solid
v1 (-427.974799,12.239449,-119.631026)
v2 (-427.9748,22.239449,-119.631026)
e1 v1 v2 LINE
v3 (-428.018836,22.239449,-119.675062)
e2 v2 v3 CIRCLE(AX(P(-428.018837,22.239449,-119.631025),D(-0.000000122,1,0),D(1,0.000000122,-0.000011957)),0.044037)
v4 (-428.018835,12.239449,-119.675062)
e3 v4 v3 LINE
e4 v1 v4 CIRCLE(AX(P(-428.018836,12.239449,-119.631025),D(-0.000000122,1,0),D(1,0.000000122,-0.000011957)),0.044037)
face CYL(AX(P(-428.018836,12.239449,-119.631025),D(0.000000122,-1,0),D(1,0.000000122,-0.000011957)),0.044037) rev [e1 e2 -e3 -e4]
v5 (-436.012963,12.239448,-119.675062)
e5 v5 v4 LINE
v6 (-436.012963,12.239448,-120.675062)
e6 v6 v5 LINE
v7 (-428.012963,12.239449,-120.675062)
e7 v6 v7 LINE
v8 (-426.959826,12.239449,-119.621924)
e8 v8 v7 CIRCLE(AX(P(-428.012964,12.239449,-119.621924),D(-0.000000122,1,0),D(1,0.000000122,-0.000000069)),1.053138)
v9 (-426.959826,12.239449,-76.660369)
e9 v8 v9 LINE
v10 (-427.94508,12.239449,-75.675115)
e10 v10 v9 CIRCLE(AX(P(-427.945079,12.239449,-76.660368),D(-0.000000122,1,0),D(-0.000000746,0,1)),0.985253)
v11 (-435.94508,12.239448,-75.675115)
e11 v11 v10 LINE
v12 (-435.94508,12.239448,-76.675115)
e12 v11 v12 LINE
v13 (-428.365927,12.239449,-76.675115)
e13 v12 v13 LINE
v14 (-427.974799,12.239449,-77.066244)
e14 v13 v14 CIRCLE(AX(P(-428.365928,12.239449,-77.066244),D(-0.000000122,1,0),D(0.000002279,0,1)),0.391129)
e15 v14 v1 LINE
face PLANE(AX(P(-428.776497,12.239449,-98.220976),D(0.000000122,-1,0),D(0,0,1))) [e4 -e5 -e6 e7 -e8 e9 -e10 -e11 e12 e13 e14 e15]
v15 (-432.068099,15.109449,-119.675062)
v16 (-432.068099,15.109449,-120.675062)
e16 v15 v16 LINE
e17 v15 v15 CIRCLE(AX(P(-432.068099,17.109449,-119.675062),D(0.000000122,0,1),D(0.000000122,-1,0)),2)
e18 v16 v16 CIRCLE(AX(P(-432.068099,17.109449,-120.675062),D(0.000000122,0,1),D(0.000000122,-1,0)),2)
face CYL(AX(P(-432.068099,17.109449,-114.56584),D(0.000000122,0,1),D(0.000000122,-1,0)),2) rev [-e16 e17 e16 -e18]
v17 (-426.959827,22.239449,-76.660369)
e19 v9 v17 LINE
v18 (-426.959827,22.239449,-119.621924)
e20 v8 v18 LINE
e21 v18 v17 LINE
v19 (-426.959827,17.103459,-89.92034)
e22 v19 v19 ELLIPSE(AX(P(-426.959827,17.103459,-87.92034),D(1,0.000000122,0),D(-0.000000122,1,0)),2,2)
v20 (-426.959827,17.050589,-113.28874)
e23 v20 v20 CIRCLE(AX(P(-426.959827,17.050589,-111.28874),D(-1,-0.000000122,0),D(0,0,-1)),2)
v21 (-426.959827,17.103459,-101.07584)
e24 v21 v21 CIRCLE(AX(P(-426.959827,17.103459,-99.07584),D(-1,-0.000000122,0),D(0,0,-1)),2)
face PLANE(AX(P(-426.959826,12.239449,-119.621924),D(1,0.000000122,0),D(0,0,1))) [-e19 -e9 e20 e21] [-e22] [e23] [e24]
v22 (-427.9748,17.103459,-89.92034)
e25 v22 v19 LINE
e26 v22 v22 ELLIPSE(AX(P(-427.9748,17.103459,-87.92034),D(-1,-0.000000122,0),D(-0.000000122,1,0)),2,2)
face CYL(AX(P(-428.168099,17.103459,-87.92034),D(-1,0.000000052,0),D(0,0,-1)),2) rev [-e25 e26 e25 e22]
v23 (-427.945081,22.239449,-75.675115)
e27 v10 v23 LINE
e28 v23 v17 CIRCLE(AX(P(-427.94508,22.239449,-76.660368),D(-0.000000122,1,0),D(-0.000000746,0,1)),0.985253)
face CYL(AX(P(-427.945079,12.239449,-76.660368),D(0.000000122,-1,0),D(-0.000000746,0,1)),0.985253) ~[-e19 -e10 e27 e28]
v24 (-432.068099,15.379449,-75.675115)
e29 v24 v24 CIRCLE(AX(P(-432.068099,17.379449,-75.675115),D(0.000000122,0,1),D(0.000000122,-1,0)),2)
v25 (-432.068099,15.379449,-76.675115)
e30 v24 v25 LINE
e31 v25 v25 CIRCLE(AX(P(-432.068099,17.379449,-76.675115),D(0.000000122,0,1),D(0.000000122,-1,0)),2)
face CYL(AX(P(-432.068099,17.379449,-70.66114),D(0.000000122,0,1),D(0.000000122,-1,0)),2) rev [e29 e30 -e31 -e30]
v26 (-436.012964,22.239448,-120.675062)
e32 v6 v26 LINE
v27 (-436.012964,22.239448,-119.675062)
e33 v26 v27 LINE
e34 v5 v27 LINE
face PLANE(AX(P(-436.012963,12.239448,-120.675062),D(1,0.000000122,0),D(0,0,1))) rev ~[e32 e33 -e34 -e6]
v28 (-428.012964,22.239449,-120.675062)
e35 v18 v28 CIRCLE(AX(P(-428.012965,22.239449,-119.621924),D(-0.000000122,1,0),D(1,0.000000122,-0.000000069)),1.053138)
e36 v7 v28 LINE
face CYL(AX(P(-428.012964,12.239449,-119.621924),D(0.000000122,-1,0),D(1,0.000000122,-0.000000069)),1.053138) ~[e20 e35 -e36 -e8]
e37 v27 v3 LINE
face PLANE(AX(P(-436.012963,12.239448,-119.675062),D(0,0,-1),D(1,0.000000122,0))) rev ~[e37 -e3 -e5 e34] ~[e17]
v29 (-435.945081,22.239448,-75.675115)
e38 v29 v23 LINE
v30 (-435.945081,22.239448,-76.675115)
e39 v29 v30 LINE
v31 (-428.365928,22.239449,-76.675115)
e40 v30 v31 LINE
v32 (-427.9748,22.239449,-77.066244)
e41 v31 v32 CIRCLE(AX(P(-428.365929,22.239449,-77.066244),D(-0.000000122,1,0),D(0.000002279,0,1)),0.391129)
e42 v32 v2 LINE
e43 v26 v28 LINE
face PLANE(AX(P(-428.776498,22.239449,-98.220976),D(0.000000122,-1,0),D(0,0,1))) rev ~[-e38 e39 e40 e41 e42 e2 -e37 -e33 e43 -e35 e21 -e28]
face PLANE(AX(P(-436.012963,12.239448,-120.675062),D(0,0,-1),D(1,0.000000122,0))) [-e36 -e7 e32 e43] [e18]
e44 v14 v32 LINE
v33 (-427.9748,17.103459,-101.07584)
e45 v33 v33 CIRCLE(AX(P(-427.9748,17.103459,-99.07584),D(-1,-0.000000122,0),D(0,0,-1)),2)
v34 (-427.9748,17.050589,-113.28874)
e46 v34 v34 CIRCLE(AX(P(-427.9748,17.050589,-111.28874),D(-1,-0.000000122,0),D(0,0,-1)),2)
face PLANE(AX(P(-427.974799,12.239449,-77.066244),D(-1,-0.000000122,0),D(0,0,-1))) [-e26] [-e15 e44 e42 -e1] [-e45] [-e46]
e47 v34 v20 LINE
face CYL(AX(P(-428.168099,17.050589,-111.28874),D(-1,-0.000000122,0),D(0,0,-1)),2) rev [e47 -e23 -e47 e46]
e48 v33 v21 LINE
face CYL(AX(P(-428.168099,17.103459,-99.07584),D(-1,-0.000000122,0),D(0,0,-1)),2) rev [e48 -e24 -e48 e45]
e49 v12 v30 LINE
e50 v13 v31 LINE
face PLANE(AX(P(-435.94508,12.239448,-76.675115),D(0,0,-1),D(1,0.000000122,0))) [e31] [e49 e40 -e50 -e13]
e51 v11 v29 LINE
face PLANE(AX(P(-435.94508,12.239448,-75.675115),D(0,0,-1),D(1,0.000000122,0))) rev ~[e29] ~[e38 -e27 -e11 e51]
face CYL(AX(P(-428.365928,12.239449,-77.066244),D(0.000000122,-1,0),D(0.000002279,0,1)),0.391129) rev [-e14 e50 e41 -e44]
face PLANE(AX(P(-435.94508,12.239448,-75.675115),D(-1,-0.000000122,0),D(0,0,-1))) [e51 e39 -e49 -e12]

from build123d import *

# Parameters (mm, degrees)
CYLINDER030_R               = 2
CYLINDER030_DEPTH           = 10
CYLINDER030_PITCH_ANGLE     = 90
CYLINDER030_PLACEMENT_ANGLE = 7e-06
CYLINDER031_R               = 2
CYLINDER031_DEPTH           = 10
CYLINDER031_PITCH_ANGLE     = 90
CYLINDER031_PLACEMENT_ANGLE = 7e-06
CYLINDER026_R               = 2
CYLINDER026_DEPTH           = 2
CYLINDER026_ROLL_ANGLE      = -88.507054
CYLINDER026_PITCH_ANGLE     = -87.01751
CYLINDER026_PLACEMENT_ANGLE = -92.244015
CYLINDER028_R               = 2
CYLINDER028_DEPTH           = 2
CYLINDER028_PLACEMENT_ANGLE = 90.00001
CYLINDER029_R               = 2
CYLINDER029_DEPTH           = 2
CYLINDER029_ROLL_ANGLE      = 90
CYLINDER027_R               = 2
CYLINDER027_DEPTH           = 2
CYLINDER027_ROLL_ANGLE      = 90
CYLINDER025_R               = 2
CYLINDER025_DEPTH           = 2
CYLINDER025_ROLL_ANGLE      = -88.507054
CYLINDER025_PITCH_ANGLE     = -87.01751
CYLINDER025_PLACEMENT_ANGLE = -92.244015
PAD006_DEPTH                = 10
CUT022_PITCH_ANGLE          = 90
CUT022_PLACEMENT_ANGLE      = 90.000007


with BuildPart() as cylinder030:
    # Cylinder030 → Cylinder030 (new body)
    with BuildSketch(Plane.XY):
        Circle(CYLINDER030_R)
    extrude(amount=CYLINDER030_DEPTH)


with BuildPart() as cylinder030_1:
    # Cylinder030 pitch: moved
    add(cylinder030.part.rotate(Axis((0, 0, 0), (0, 1, 0)), CYLINDER030_PITCH_ANGLE))


with BuildPart() as cylinder030_2:
    # Cylinder030 placement: moved
    add(cylinder030_1.part.moved(Location((15.49, 3.9, 4.87))).rotate(Axis((15.49, 3.9, 4.87), (0, 0, 1)), CYLINDER030_PLACEMENT_ANGLE))


with BuildPart() as cylinder031:
    # Cylinder031 → Cylinder031 (new body)
    with BuildSketch(Plane.XY):
        Circle(CYLINDER031_R)
    extrude(amount=CYLINDER031_DEPTH)


with BuildPart() as cylinder031_1:
    # Cylinder031 pitch: moved
    add(cylinder031.part.rotate(Axis((0, 0, 0), (0, 1, 0)), CYLINDER031_PITCH_ANGLE))


with BuildPart() as cylinder031_2:
    # Cylinder031 placement: moved
    add(cylinder031_1.part.moved(Location((-28.4147, 3.9, 5.14))).rotate(Axis((-28.4147, 3.9, 5.14), (0, 0, 1)), CYLINDER031_PLACEMENT_ANGLE))


with BuildPart() as cylinder026:
    # Cylinder026 → Cylinder026 (new body)
    with BuildSketch(Plane.XY):
        Circle(CYLINDER026_R)
    extrude(amount=CYLINDER026_DEPTH)


with BuildPart() as cylinder026_1:
    # Cylinder026 roll: moved
    add(cylinder026.part.rotate(Axis((0, 0, 0), (1, 0, 0)), CYLINDER026_ROLL_ANGLE))


with BuildPart() as cylinder026_2:
    # Cylinder026 pitch: moved
    add(cylinder026_1.part.rotate(Axis((0, 0, 0), (0, 1, 0)), CYLINDER026_PITCH_ANGLE))


with BuildPart() as cylinder026_3:
    # Cylinder026 placement: moved
    add(cylinder026_2.part.moved(Location((-26, 5.29, 4.9))).rotate(Axis((-26, 5.29, 4.9), (0, 0, 1)), CYLINDER026_PLACEMENT_ANGLE))


with BuildPart() as cylinder028:
    # Cylinder028 → Cylinder028 (new body)
    with BuildSketch(Plane.XY):
        Circle(CYLINDER028_R)
    extrude(amount=CYLINDER028_DEPTH)


with BuildPart() as cylinder028_1:
    # Cylinder028 placement: moved
    add(cylinder028.part.moved(Location((-11.1555, 0, 4.86401))).rotate(Axis((-11.1555, 0, 4.86401), (1, 0, 0)), CYLINDER028_PLACEMENT_ANGLE))


with BuildPart() as cylinder029:
    # Cylinder029 → Cylinder029 (new body)
    with BuildSketch(Plane.XY):
        Circle(CYLINDER029_R)
    extrude(amount=CYLINDER029_DEPTH)


with BuildPart() as cylinder029_1:
    # Cylinder029 roll: moved
    add(cylinder029.part.rotate(Axis((0, 0, 0), (1, 0, 0)), CYLINDER029_ROLL_ANGLE))


with BuildPart() as cylinder029_2:
    # Cylinder029 placement: moved
    add(cylinder029_1.part.moved(Location((0, 0, 4.86401))))


with BuildPart() as cylinder027:
    # Cylinder027 → Cylinder027 (new body)
    with BuildSketch(Plane.XY):
        Circle(CYLINDER027_R)
    extrude(amount=CYLINDER027_DEPTH)


with BuildPart() as cylinder027_1:
    # Cylinder027 roll: moved
    add(cylinder027.part.rotate(Axis((0, 0, 0), (1, 0, 0)), CYLINDER027_ROLL_ANGLE))


with BuildPart() as cylinder027_2:
    # Cylinder027 placement: moved
    add(cylinder027_1.part.moved(Location((12.2129, 0, 4.81114))))


with BuildPart() as cylinder025:
    # Cylinder025 → Cylinder025 (new body)
    with BuildSketch(Plane.XY):
        Circle(CYLINDER025_R)
    extrude(amount=CYLINDER025_DEPTH)


with BuildPart() as cylinder025_1:
    # Cylinder025 roll: moved
    add(cylinder025.part.rotate(Axis((0, 0, 0), (1, 0, 0)), CYLINDER025_ROLL_ANGLE))


with BuildPart() as cylinder025_2:
    # Cylinder025 pitch: moved
    add(cylinder025_1.part.rotate(Axis((0, 0, 0), (0, 1, 0)), CYLINDER025_PITCH_ANGLE))


with BuildPart() as cylinder025_3:
    # Cylinder025 placement: moved
    add(cylinder025_2.part.moved(Location((25, 5.38, 4.9))).rotate(Axis((25, 5.38, 4.9), (0, 0, 1)), CYLINDER025_PLACEMENT_ANGLE))


with BuildPart() as cut022:
    # Sketch007 → Pad006 (new body)
    with BuildSketch(Plane.XY):
        with BuildLine():
            Line((20.546084, -1.208272), (-22.415471, -1.208272))
            ThreePointArc((-23.400725, -0.223018), (-23.112151, -0.919698), (-22.415471, -1.208272))
            Line((-23.400725, 7.776982), (-23.400725, -0.223018))
            Line((-23.400725, 7.776982), (-22.400725, 7.776982))
            Line((-22.400725, 7.776982), (-22.400725, 0.197829))
            ThreePointArc((-22.400725, 0.197829), (-22.286166, -0.07874), (-22.009596, -0.193299))
            Line((-22.009596, -0.193299), (20.555186, -0.193299))
            ThreePointArc((20.555186, -0.193299), (20.586324, -0.180401), (20.599222, -0.149263))
            Line((20.599222, 7.844865), (20.599222, -0.149263))
            Line((21.599222, 7.844865), (20.599222, 7.844865))
            Line((21.599222, 7.844865), (21.599222, -0.155135))
            ThreePointArc((20.546084, -1.208272), (21.290765, -0.899815), (21.599222, -0.155135))
        make_face()
    extrude(amount=PAD006_DEPTH)

    # Cut005: cut Cylinder025
    add(cylinder025_3.part, mode=Mode.SUBTRACT)

    # Cut006: cut Cylinder027
    add(cylinder027_2.part, mode=Mode.SUBTRACT)

    # Cut007: cut Cylinder029
    add(cylinder029_2.part, mode=Mode.SUBTRACT)

    # Cut008: cut Cylinder028
    add(cylinder028_1.part, mode=Mode.SUBTRACT)

    # Cut009: cut Cylinder026
    add(cylinder026_3.part, mode=Mode.SUBTRACT)

    # Cut018: cut Cylinder031
    add(cylinder031_2.part, mode=Mode.SUBTRACT)

    # Cut022: cut Cylinder030
    add(cylinder030_2.part, mode=Mode.SUBTRACT)


with BuildPart() as cut022_1:
    # Cut022 pitch: moved
    add(cut022.part.rotate(Axis((0, 0, 0), (0, 1, 0)), CUT022_PITCH_ANGLE))


with BuildPart() as cut022_2:
    # Cut022 placement: moved
    add(cut022_1.part.moved(Location((-428.168098, 12.239449, -99.07584))).rotate(Axis((-428.168098, 12.239449, -99.07584), (0, 0, 1)), CUT022_PLACEMENT_ANGLE))


solid = cut022_2.part
